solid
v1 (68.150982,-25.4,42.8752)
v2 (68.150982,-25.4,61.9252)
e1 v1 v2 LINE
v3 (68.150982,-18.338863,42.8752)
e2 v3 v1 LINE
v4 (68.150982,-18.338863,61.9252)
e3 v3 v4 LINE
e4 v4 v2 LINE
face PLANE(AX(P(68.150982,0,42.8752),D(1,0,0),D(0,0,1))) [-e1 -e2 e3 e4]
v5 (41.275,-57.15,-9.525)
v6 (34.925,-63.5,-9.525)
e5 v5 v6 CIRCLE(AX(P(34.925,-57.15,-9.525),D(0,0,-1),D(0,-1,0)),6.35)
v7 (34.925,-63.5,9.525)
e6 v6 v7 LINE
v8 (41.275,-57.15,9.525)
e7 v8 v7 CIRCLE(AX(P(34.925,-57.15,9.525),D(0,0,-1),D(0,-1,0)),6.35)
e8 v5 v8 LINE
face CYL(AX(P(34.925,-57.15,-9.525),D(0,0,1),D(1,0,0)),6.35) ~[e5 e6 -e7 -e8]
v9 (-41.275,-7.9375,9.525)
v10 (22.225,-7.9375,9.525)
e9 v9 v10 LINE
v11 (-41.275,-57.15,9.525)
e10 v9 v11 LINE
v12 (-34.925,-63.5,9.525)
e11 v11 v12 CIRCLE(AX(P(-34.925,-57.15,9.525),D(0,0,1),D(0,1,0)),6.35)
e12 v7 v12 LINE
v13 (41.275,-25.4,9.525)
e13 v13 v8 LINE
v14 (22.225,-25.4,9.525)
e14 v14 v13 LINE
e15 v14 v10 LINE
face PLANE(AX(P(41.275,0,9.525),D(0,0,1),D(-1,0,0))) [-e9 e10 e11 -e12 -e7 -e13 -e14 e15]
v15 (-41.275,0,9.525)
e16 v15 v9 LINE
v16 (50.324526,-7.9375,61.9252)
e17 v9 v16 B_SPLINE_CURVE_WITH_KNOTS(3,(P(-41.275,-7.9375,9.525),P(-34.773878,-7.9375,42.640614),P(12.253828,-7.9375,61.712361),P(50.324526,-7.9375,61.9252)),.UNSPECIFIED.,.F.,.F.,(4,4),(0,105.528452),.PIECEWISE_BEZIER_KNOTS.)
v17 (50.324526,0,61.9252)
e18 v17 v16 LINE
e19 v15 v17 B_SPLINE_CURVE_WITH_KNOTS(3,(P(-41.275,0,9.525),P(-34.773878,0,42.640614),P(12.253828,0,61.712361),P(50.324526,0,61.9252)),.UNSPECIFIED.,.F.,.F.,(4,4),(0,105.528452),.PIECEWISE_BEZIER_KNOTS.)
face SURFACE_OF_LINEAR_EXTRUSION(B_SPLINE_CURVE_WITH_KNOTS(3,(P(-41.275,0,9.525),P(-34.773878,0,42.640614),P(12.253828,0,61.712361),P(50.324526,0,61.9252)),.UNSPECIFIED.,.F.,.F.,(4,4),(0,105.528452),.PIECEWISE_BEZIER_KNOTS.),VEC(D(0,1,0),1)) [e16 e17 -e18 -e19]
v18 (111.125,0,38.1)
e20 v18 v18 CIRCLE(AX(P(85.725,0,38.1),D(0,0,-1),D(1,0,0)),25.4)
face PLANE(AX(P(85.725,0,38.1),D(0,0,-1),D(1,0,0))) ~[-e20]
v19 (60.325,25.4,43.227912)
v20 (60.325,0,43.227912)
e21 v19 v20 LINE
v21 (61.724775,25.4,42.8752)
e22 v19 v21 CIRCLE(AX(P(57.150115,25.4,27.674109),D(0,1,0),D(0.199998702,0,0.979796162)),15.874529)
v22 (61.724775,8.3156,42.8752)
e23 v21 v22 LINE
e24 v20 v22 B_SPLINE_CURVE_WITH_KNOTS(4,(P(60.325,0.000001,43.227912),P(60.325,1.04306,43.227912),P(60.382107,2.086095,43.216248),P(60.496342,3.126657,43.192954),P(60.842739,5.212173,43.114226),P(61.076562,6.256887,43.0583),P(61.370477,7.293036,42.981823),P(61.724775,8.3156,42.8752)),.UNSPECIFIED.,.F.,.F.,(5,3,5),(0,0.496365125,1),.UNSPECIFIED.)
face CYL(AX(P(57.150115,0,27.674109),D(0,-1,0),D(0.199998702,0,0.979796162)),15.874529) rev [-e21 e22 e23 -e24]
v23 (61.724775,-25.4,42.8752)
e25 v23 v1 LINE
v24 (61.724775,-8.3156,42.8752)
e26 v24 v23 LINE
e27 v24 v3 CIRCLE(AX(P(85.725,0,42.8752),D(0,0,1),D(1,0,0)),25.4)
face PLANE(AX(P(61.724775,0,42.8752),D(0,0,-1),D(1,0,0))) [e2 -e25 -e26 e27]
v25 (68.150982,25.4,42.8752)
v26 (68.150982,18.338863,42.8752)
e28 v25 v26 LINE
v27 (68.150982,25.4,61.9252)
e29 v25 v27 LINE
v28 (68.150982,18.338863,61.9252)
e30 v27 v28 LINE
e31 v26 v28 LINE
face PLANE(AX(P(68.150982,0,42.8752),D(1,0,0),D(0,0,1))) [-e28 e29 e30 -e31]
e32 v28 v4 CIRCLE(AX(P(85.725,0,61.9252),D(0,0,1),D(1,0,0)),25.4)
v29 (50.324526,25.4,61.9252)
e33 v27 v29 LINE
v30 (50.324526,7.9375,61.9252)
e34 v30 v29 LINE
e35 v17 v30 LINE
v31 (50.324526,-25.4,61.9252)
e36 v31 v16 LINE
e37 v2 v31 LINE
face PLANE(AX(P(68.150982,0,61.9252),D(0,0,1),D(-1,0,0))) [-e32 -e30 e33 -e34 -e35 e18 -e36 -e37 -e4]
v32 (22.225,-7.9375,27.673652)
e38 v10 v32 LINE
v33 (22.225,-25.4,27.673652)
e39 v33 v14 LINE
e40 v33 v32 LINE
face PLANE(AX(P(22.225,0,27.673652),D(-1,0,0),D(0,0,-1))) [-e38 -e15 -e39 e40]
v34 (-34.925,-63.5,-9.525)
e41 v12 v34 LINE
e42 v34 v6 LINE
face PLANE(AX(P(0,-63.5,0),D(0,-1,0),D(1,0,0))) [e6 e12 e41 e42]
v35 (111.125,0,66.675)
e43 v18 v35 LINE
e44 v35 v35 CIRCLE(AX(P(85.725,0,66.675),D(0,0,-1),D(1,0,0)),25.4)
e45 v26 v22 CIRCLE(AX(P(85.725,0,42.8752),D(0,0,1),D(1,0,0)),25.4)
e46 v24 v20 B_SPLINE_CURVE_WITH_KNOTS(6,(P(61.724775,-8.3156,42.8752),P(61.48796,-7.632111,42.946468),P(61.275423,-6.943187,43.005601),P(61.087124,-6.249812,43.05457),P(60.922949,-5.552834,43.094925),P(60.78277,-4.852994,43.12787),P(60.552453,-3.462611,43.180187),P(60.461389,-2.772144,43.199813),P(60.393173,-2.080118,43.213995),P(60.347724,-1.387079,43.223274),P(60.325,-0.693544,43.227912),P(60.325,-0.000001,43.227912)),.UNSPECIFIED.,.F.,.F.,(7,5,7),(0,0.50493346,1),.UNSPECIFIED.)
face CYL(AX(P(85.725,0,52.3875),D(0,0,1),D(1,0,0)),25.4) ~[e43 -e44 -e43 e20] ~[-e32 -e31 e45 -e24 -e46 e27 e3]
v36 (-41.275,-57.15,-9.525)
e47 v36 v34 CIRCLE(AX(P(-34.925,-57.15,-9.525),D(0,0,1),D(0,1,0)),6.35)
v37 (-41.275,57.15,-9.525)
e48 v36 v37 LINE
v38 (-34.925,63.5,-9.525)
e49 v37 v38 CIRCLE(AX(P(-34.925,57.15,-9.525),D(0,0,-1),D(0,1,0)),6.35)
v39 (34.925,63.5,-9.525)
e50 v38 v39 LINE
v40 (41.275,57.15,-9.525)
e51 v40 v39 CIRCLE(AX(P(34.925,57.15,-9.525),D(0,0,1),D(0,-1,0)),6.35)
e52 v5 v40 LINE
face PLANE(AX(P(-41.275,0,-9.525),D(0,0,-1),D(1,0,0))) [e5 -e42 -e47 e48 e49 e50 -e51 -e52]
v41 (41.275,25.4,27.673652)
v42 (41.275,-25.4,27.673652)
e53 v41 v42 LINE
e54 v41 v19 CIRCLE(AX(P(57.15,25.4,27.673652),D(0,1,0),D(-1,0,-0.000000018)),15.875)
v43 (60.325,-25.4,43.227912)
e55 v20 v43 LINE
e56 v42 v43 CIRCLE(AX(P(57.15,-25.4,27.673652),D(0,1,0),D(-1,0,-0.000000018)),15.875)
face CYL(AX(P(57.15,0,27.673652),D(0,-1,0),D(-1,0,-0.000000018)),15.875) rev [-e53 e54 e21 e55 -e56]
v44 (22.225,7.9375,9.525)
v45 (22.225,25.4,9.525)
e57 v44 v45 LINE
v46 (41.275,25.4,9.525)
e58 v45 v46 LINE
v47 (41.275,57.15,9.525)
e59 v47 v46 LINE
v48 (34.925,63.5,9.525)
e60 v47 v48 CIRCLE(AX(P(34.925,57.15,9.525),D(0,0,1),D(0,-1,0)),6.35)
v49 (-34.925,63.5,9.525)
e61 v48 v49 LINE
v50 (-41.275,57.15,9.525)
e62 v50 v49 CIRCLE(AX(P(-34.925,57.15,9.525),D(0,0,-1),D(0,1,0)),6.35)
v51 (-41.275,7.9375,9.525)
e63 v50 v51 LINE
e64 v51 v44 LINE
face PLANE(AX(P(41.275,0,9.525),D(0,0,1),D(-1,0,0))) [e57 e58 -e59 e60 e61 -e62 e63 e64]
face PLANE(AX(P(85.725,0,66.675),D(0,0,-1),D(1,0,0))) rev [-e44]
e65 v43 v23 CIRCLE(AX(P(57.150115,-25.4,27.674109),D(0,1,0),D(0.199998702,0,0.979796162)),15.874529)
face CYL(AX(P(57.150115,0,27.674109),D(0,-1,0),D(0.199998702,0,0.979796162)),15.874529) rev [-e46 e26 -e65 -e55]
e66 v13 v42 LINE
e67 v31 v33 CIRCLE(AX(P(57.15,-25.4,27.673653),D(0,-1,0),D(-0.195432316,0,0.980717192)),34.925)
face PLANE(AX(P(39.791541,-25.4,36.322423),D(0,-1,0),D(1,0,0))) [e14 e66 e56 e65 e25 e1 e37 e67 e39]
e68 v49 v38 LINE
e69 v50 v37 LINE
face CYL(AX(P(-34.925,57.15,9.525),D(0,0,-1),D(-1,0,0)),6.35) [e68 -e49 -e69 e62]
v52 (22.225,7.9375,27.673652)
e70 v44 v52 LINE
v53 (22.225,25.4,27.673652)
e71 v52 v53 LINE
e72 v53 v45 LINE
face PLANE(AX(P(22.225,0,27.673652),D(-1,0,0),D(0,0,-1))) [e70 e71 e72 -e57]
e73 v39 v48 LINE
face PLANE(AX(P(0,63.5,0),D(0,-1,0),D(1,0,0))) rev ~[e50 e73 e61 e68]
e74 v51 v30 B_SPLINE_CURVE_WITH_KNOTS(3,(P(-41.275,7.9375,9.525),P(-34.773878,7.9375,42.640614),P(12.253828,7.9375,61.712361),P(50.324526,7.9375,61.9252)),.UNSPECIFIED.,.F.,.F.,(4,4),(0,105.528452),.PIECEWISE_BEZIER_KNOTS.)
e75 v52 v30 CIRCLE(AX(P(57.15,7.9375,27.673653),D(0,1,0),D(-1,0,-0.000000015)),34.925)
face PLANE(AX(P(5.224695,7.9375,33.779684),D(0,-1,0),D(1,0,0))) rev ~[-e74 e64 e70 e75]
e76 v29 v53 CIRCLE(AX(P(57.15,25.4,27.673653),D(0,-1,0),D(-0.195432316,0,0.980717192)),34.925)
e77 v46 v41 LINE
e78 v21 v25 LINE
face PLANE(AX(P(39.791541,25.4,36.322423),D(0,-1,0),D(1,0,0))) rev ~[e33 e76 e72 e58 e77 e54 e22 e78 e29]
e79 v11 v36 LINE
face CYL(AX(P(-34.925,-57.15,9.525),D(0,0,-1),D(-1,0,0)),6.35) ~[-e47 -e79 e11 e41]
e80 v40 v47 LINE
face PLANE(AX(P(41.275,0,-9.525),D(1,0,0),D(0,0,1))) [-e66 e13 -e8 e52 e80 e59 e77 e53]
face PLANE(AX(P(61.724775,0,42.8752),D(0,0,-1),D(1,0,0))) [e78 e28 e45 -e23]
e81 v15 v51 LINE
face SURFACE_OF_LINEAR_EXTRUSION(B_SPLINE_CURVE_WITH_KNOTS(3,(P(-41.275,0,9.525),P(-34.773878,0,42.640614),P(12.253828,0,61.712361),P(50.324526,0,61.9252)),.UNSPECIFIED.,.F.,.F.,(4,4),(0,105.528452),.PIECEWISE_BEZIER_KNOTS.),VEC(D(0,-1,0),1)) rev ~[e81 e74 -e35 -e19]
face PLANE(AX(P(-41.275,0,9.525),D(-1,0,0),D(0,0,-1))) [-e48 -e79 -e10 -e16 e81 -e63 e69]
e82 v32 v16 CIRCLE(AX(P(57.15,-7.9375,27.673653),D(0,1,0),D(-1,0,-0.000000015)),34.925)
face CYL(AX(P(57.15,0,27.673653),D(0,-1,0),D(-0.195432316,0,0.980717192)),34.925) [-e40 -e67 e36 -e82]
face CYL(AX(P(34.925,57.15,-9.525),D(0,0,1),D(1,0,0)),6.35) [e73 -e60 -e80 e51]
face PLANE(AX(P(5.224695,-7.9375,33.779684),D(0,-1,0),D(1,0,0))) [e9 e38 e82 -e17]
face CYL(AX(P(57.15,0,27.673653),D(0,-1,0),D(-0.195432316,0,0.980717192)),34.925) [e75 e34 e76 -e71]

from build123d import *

# Parameters (mm, degrees)
F1_DEPTH = 63.5
F2_DEPTH = 7.9375
F3_DEPTH = 25.4
F0_W     = 25.4
F0_H     = 28.575
F5_R     = 6.35


with BuildPart() as f1:
    # F0 (on Front) → F1 (new body, symmetric)
    with BuildSketch(Plane.XZ):
        Polygon((41.275, -9.525), (41.275, 9.525), (22.225, 9.525), (-41.275, 9.525), (-41.275, -9.525), align=None)
    extrude(amount=F1_DEPTH, both=True)

    # F0 (on Front) → F2 (join, symmetric)
    with BuildSketch(Plane.XZ):
        with BuildLine():
            Line((-41.275, 9.525), (22.225, 9.525))
            Line((22.225, 9.525), (22.225, 27.673652))
            ThreePointArc((22.225, 27.673652), (30.148747, 49.82513), (50.324526, 61.9252))
            add(Edge.make_bspline(
                [(-41.275, 9.525), (-34.773878, 42.640614), (12.253828, 61.712361), (50.324526, 61.9252)],
                knots=[0, 0, 0, 0, 105.528452, 105.528452, 105.528452, 105.528452], degree=3))
        make_face()
    extrude(amount=F2_DEPTH, both=True)

    # F0 (on Front) → F3 (join, symmetric)
    with BuildSketch(Plane.XZ):
        with BuildLine():
            Line((22.225, 9.525), (41.275, 9.525))
            Line((41.275, 9.525), (41.275, 27.673652))
            ThreePointArc((41.275, 27.673652), (47.109768, 39.970374), (60.325, 43.227912))
            Line((60.325, 43.227912), (60.325, 61.9252))
            Line((60.325, 61.9252), (50.324526, 61.9252))
            ThreePointArc((50.324526, 61.9252), (30.148747, 49.82513), (22.225, 27.673652))
            Line((22.225, 27.673652), (22.225, 9.525))
        make_face()
        with BuildLine():
            Line((60.325, 61.9252), (60.325, 43.227912))
            ThreePointArc((60.325, 43.227912), (61.028899, 43.067475), (61.724775, 42.8752))
            Line((61.724775, 42.8752), (68.150982, 42.8752))
            Line((68.150982, 42.8752), (68.150982, 61.9252))
            Line((68.150982, 61.9252), (60.325, 61.9252))
        make_face()
    extrude(amount=F3_DEPTH, both=True)

    # F0 (on Front) → F4 (revolve)
    with BuildSketch(Plane.XZ):
        with Locations((98.425, 52.3875)):
            Rectangle(F0_W, F0_H)
    revolve(axis=Axis((85.725, 0, 52.3875), (0, 0, -1)))

    # F5
    f5_edges = [f1.edges().sort_by_distance(p)[0] for p in [
        (41.275, -63.5, 0),
        (-41.275, -63.5, 0),
        (41.275, 63.5, 0),
        (-41.275, 63.5, 0),
    ]]
    fillet(f5_edges, radius=F5_R)


solid = f1.part
